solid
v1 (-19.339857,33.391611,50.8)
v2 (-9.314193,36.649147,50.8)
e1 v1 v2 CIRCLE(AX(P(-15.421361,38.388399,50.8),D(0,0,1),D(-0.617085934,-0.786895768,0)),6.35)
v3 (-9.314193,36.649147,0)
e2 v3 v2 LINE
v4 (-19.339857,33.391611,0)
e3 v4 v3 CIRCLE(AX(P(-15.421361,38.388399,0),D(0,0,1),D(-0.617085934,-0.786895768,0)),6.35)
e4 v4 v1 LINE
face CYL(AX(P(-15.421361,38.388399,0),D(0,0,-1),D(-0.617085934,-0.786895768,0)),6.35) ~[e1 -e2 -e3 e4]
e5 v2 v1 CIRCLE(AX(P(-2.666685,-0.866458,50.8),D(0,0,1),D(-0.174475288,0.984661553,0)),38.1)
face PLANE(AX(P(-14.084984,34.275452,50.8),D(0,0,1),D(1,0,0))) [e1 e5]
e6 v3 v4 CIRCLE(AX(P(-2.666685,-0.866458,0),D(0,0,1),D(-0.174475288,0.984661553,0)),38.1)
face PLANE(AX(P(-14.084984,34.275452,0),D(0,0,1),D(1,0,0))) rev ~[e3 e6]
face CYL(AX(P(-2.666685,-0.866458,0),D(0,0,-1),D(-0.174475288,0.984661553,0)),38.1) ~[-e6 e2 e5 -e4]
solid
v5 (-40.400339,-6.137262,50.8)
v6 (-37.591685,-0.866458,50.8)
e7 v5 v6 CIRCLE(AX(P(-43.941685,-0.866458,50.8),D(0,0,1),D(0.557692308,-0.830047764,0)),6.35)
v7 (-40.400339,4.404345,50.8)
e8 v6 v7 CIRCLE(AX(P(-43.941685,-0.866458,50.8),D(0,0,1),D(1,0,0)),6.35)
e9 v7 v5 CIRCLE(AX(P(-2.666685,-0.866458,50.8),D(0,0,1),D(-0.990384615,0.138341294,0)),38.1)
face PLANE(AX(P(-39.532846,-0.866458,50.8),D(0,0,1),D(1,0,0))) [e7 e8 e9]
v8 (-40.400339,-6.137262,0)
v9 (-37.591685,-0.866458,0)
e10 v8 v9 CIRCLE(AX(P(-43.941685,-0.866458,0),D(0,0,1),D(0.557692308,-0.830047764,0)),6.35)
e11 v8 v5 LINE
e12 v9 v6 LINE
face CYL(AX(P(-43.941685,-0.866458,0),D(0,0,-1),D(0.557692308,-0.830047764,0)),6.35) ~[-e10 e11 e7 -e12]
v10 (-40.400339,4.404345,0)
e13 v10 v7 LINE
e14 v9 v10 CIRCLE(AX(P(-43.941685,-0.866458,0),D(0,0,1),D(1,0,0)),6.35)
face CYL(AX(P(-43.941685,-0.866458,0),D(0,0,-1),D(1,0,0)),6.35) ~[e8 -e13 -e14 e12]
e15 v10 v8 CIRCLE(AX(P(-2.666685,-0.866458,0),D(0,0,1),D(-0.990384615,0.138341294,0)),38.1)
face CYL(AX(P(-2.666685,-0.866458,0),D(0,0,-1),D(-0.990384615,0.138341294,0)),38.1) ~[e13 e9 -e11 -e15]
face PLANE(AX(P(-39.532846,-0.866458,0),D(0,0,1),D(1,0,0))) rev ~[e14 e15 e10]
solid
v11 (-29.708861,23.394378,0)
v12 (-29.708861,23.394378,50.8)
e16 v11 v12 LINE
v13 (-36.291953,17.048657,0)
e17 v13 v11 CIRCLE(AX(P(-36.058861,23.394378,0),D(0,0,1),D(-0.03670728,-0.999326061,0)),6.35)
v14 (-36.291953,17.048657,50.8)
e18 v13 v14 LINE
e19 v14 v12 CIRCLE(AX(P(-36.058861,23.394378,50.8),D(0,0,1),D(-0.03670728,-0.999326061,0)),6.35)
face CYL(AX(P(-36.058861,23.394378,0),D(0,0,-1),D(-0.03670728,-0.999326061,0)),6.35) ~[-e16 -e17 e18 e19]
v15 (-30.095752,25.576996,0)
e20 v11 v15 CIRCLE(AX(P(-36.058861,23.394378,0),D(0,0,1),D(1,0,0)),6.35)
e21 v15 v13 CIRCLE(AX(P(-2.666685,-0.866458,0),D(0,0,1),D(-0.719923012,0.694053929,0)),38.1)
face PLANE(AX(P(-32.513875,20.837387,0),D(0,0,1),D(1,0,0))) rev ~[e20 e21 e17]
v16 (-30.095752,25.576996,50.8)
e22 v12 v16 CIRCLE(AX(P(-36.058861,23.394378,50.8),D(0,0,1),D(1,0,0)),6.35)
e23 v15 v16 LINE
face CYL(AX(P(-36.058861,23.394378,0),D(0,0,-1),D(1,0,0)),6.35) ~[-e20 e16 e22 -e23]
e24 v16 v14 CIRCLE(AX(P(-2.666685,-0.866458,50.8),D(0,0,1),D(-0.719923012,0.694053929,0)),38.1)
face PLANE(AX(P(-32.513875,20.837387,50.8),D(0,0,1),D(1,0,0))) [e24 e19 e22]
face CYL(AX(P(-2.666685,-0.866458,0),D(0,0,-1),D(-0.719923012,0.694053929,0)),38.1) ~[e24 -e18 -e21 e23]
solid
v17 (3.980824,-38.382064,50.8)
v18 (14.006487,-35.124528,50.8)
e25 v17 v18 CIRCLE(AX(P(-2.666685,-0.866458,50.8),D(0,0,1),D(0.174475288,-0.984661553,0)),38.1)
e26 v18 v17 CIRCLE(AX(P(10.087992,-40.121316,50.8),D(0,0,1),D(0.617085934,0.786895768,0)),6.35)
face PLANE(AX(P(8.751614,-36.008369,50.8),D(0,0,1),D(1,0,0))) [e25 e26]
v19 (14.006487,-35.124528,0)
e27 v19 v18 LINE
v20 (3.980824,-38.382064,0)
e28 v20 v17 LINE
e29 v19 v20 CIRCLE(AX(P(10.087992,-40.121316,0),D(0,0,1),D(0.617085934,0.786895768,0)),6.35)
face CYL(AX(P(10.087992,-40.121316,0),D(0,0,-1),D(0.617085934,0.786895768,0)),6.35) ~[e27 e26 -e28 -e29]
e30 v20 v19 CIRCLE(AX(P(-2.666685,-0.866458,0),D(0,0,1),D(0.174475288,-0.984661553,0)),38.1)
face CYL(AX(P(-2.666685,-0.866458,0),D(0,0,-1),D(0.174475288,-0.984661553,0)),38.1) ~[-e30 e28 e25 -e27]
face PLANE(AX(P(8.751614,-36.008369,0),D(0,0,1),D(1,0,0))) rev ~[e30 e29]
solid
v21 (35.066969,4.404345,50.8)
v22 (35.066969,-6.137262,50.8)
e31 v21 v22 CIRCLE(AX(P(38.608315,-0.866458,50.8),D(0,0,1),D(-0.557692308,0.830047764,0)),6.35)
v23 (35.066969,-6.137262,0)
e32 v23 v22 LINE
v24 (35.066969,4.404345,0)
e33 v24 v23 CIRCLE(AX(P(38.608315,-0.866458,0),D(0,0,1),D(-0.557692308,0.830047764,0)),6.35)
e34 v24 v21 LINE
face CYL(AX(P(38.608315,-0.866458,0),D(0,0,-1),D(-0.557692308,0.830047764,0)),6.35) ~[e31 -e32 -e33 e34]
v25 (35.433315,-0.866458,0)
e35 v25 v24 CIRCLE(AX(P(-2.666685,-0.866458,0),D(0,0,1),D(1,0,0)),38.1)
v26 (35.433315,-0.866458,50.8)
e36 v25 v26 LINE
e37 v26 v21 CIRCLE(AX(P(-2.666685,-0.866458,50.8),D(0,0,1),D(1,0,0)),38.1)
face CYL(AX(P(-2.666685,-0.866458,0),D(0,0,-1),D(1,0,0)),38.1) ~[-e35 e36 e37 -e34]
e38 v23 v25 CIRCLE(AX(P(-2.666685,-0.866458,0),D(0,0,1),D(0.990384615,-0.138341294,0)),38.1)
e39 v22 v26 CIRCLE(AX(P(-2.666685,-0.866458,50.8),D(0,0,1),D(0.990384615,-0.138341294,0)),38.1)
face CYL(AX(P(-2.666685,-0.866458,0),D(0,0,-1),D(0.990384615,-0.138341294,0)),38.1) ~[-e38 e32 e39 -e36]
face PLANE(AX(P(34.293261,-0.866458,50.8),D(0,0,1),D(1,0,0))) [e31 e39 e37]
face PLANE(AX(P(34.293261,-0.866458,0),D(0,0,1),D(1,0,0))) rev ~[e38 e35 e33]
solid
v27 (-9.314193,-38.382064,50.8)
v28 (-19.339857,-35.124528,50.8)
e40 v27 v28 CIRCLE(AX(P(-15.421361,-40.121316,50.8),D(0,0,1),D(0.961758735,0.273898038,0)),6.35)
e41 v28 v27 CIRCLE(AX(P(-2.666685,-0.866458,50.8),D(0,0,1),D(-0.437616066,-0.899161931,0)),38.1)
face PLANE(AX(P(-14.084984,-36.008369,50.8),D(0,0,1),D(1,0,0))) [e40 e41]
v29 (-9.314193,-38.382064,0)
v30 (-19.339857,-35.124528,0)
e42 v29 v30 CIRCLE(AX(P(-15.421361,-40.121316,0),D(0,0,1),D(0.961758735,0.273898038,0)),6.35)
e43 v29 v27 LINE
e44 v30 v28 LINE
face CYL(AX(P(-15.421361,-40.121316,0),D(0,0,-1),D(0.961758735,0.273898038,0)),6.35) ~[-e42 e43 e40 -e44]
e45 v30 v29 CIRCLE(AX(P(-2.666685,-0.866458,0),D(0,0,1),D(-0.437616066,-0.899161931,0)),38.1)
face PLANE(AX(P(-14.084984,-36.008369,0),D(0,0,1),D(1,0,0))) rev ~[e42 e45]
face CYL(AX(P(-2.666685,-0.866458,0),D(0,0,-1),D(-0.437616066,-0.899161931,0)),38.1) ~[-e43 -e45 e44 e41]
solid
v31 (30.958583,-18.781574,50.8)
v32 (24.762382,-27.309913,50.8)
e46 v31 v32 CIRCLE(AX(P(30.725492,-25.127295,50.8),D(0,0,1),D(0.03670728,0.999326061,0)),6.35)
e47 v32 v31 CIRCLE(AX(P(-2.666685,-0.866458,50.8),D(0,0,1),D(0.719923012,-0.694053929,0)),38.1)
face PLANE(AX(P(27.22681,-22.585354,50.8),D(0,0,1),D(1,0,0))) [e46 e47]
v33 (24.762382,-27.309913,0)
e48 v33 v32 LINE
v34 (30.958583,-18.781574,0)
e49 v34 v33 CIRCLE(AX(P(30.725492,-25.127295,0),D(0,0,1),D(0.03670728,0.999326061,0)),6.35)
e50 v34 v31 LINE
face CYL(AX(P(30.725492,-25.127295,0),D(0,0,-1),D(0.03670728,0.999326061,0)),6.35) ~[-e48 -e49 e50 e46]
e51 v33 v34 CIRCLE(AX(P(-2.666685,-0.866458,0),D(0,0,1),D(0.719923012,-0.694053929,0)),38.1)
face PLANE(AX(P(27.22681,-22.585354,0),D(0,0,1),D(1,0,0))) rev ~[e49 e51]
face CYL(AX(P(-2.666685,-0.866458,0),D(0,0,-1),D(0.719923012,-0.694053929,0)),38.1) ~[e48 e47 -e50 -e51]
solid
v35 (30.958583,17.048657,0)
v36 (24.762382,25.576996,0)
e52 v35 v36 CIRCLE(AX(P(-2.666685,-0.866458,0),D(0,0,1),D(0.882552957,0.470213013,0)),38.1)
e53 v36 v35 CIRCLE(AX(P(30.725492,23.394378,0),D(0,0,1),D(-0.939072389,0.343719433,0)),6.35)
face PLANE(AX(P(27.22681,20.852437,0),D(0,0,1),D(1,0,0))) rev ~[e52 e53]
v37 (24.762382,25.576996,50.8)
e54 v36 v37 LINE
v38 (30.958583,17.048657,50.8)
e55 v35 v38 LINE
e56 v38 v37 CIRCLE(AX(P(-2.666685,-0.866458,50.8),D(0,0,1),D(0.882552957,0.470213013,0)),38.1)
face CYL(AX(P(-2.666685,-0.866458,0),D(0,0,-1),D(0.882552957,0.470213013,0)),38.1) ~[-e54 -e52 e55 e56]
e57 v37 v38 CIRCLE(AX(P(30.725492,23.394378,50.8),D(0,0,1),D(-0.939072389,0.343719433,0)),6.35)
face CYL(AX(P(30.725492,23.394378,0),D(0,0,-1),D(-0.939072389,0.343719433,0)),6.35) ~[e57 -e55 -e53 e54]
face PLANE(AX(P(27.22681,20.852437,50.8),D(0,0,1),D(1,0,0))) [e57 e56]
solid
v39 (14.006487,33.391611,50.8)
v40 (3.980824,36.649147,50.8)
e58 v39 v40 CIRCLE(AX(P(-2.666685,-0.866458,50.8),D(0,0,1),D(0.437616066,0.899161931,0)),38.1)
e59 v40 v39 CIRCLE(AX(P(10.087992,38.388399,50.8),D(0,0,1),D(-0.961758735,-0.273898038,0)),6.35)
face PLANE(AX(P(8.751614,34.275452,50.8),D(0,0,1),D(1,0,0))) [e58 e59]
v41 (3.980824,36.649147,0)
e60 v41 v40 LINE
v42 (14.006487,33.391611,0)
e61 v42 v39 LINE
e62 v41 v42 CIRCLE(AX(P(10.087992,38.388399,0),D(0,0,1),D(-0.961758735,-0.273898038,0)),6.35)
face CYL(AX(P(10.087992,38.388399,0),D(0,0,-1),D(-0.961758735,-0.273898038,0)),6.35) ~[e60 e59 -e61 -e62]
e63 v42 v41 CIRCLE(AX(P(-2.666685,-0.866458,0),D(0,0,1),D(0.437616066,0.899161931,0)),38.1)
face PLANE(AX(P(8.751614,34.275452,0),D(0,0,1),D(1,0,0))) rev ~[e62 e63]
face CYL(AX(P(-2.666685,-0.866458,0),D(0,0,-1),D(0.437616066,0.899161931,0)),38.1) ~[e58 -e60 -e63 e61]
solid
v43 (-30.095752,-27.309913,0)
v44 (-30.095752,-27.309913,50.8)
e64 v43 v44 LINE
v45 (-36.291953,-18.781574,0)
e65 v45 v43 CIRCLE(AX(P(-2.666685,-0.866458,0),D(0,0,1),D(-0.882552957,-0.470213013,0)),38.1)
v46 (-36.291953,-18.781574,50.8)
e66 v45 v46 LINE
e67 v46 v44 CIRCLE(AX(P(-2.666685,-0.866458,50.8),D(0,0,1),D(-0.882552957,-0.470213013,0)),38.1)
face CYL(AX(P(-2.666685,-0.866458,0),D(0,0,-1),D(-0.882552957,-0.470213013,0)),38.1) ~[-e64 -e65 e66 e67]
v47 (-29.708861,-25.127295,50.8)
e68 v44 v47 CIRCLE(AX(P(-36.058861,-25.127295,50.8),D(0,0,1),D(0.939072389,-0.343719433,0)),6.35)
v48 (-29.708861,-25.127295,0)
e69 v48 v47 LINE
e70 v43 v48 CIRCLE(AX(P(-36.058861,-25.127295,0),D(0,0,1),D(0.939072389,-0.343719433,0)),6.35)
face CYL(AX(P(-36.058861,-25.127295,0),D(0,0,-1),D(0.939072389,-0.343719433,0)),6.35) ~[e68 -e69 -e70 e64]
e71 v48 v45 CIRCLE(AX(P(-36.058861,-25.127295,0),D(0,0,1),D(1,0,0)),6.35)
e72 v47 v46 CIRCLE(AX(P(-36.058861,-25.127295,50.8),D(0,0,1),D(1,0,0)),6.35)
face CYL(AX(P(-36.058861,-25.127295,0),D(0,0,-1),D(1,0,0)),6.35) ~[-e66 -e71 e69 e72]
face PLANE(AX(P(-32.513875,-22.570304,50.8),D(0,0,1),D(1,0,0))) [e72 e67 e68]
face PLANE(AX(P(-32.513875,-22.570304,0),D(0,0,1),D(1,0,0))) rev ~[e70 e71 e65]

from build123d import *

# Parameters (mm, degrees)
F1_DEPTH = 50.8


with BuildPart() as f1:
    # F0 (on Top) → F1 (new body)
    with BuildSketch(Plane.XY):
        with BuildLine():
            ThreePointArc((-19.3398569951, 33.3916111417), (-13.4591034015, 32.3491903927), (-9.3141933475, 36.6491467286))
            ThreePointArc((-9.3141933475, 36.6491467286), (-14.4402323586, 35.368794832), (-19.3398569951, 33.3916111417))
        make_face()
    extrude(amount=F1_DEPTH)


with BuildPart() as f1b:
    # F0 (on Top) → F1, piece 2 (new body)
    with BuildSketch(Plane.XY):
        with BuildLine():
            ThreePointArc((-29.7088613158, 23.3943778495), (-29.8063319718, 24.5026994647), (-30.0957516474, 25.5769962501))
            ThreePointArc((-30.0957516474, 25.5769962501), (-33.4902323586, 21.5281596735), (-36.2919525414, 17.048657364))
            ThreePointArc((-36.2919525414, 17.048657364), (-31.6519139189, 18.8225822896), (-29.7088613158, 23.3943778495))
        make_face()
    extrude(amount=F1_DEPTH)


with BuildPart() as f1c:
    # F0 (on Top) → F1, piece 3 (new body)
    with BuildSketch(Plane.XY):
        with BuildLine():
            ThreePointArc((-37.591684873, -0.8664584389), (-38.3376663114, 2.1197558806), (-40.4003387191, 4.4043448603))
            ThreePointArc((-40.4003387191, 4.4043448603), (-40.766684873, -0.8664584389), (-40.4003387191, -6.1372617381))
            ThreePointArc((-40.4003387191, -6.1372617381), (-38.3376663114, -3.8526727583), (-37.591684873, -0.8664584389))
        make_face()
    extrude(amount=F1_DEPTH)


with BuildPart() as f1d:
    # F0 (on Top) → F1, piece 4 (new body)
    with BuildSketch(Plane.XY):
        with BuildLine():
            ThreePointArc((3.9808236016, 36.6491467286), (8.1257336556, 32.3491903927), (14.0064872492, 33.3916111417))
            ThreePointArc((14.0064872492, 33.3916111417), (9.1068626127, 35.368794832), (3.9808236016, 36.6491467286))
        make_face()
    extrude(amount=F1_DEPTH)


with BuildPart() as f1e:
    # F0 (on Top) → F1, piece 5 (new body)
    with BuildSketch(Plane.XY):
        with BuildLine():
            ThreePointArc((24.7623819015, 25.5769962501), (25.5882336556, 19.6619414974), (30.9585827954, 17.048657364))
            ThreePointArc((30.9585827954, 17.048657364), (28.1568626127, 21.5281596735), (24.7623819014, 25.5769962501))
        make_face()
    extrude(amount=F1_DEPTH)


with BuildPart() as f1f:
    # F0 (on Top) → F1, piece 6 (new body)
    with BuildSketch(Plane.XY):
        with BuildLine():
            ThreePointArc((35.0669689732, -6.1372617381), (35.3416182432, -3.5082181234), (35.433315127, -0.8664584389))
            ThreePointArc((35.433315127, -0.8664584389), (35.3416182432, 1.7753012457), (35.0669689732, 4.4043448603))
            ThreePointArc((35.0669689732, 4.4043448603), (32.258315127, -0.8664584389), (35.0669689732, -6.1372617381))
        make_face()
    extrude(amount=F1_DEPTH)


with BuildPart() as f1g:
    # F0 (on Top) → F1, piece 7 (new body)
    with BuildSketch(Plane.XY):
        with BuildLine():
            ThreePointArc((24.7623819014, -27.3099131278), (28.1568626127, -23.2610765512), (30.9585827954, -18.7815742417))
            ThreePointArc((30.9585827954, -18.7815742417), (25.5882336556, -21.3948583752), (24.7623819015, -27.3099131278))
        make_face()
    extrude(amount=F1_DEPTH)


with BuildPart() as f1h:
    # F0 (on Top) → F1, piece 8 (new body)
    with BuildSketch(Plane.XY):
        with BuildLine():
            ThreePointArc((3.9808236016, -38.3820636063), (9.1068626127, -37.1017117097), (14.0064872492, -35.1245280194))
            ThreePointArc((14.0064872492, -35.1245280194), (8.1257336556, -34.0821072705), (3.9808236016, -38.3820636063))
        make_face()
    extrude(amount=F1_DEPTH)


with BuildPart() as f1i:
    # F0 (on Top) → F1, piece 9 (new body)
    with BuildSketch(Plane.XY):
        with BuildLine():
            ThreePointArc((-19.3398569951, -35.1245280194), (-14.4402323586, -37.1017117097), (-9.3141933475, -38.3820636063))
            ThreePointArc((-9.3141933475, -38.3820636063), (-13.4591034015, -34.0821072705), (-19.3398569951, -35.1245280194))
        make_face()
    extrude(amount=F1_DEPTH)


with BuildPart() as f1j:
    # F0 (on Top) → F1, piece 10 (new body)
    with BuildSketch(Plane.XY):
        with BuildLine():
            ThreePointArc((-36.2919525414, -18.7815742417), (-33.4902323586, -23.2610765512), (-30.0957516474, -27.3099131278))
            ThreePointArc((-30.0957516474, -27.3099131278), (-29.8063319718, -26.2356163425), (-29.7088613158, -25.1272947272))
            ThreePointArc((-29.7088613158, -25.1272947272), (-31.6519139189, -20.5554991674), (-36.2919525414, -18.7815742417))
        make_face()
    extrude(amount=F1_DEPTH)


solid = Compound([f1.part, f1b.part, f1c.part, f1d.part, f1e.part, f1f.part, f1g.part, f1h.part, f1i.part, f1j.part])
